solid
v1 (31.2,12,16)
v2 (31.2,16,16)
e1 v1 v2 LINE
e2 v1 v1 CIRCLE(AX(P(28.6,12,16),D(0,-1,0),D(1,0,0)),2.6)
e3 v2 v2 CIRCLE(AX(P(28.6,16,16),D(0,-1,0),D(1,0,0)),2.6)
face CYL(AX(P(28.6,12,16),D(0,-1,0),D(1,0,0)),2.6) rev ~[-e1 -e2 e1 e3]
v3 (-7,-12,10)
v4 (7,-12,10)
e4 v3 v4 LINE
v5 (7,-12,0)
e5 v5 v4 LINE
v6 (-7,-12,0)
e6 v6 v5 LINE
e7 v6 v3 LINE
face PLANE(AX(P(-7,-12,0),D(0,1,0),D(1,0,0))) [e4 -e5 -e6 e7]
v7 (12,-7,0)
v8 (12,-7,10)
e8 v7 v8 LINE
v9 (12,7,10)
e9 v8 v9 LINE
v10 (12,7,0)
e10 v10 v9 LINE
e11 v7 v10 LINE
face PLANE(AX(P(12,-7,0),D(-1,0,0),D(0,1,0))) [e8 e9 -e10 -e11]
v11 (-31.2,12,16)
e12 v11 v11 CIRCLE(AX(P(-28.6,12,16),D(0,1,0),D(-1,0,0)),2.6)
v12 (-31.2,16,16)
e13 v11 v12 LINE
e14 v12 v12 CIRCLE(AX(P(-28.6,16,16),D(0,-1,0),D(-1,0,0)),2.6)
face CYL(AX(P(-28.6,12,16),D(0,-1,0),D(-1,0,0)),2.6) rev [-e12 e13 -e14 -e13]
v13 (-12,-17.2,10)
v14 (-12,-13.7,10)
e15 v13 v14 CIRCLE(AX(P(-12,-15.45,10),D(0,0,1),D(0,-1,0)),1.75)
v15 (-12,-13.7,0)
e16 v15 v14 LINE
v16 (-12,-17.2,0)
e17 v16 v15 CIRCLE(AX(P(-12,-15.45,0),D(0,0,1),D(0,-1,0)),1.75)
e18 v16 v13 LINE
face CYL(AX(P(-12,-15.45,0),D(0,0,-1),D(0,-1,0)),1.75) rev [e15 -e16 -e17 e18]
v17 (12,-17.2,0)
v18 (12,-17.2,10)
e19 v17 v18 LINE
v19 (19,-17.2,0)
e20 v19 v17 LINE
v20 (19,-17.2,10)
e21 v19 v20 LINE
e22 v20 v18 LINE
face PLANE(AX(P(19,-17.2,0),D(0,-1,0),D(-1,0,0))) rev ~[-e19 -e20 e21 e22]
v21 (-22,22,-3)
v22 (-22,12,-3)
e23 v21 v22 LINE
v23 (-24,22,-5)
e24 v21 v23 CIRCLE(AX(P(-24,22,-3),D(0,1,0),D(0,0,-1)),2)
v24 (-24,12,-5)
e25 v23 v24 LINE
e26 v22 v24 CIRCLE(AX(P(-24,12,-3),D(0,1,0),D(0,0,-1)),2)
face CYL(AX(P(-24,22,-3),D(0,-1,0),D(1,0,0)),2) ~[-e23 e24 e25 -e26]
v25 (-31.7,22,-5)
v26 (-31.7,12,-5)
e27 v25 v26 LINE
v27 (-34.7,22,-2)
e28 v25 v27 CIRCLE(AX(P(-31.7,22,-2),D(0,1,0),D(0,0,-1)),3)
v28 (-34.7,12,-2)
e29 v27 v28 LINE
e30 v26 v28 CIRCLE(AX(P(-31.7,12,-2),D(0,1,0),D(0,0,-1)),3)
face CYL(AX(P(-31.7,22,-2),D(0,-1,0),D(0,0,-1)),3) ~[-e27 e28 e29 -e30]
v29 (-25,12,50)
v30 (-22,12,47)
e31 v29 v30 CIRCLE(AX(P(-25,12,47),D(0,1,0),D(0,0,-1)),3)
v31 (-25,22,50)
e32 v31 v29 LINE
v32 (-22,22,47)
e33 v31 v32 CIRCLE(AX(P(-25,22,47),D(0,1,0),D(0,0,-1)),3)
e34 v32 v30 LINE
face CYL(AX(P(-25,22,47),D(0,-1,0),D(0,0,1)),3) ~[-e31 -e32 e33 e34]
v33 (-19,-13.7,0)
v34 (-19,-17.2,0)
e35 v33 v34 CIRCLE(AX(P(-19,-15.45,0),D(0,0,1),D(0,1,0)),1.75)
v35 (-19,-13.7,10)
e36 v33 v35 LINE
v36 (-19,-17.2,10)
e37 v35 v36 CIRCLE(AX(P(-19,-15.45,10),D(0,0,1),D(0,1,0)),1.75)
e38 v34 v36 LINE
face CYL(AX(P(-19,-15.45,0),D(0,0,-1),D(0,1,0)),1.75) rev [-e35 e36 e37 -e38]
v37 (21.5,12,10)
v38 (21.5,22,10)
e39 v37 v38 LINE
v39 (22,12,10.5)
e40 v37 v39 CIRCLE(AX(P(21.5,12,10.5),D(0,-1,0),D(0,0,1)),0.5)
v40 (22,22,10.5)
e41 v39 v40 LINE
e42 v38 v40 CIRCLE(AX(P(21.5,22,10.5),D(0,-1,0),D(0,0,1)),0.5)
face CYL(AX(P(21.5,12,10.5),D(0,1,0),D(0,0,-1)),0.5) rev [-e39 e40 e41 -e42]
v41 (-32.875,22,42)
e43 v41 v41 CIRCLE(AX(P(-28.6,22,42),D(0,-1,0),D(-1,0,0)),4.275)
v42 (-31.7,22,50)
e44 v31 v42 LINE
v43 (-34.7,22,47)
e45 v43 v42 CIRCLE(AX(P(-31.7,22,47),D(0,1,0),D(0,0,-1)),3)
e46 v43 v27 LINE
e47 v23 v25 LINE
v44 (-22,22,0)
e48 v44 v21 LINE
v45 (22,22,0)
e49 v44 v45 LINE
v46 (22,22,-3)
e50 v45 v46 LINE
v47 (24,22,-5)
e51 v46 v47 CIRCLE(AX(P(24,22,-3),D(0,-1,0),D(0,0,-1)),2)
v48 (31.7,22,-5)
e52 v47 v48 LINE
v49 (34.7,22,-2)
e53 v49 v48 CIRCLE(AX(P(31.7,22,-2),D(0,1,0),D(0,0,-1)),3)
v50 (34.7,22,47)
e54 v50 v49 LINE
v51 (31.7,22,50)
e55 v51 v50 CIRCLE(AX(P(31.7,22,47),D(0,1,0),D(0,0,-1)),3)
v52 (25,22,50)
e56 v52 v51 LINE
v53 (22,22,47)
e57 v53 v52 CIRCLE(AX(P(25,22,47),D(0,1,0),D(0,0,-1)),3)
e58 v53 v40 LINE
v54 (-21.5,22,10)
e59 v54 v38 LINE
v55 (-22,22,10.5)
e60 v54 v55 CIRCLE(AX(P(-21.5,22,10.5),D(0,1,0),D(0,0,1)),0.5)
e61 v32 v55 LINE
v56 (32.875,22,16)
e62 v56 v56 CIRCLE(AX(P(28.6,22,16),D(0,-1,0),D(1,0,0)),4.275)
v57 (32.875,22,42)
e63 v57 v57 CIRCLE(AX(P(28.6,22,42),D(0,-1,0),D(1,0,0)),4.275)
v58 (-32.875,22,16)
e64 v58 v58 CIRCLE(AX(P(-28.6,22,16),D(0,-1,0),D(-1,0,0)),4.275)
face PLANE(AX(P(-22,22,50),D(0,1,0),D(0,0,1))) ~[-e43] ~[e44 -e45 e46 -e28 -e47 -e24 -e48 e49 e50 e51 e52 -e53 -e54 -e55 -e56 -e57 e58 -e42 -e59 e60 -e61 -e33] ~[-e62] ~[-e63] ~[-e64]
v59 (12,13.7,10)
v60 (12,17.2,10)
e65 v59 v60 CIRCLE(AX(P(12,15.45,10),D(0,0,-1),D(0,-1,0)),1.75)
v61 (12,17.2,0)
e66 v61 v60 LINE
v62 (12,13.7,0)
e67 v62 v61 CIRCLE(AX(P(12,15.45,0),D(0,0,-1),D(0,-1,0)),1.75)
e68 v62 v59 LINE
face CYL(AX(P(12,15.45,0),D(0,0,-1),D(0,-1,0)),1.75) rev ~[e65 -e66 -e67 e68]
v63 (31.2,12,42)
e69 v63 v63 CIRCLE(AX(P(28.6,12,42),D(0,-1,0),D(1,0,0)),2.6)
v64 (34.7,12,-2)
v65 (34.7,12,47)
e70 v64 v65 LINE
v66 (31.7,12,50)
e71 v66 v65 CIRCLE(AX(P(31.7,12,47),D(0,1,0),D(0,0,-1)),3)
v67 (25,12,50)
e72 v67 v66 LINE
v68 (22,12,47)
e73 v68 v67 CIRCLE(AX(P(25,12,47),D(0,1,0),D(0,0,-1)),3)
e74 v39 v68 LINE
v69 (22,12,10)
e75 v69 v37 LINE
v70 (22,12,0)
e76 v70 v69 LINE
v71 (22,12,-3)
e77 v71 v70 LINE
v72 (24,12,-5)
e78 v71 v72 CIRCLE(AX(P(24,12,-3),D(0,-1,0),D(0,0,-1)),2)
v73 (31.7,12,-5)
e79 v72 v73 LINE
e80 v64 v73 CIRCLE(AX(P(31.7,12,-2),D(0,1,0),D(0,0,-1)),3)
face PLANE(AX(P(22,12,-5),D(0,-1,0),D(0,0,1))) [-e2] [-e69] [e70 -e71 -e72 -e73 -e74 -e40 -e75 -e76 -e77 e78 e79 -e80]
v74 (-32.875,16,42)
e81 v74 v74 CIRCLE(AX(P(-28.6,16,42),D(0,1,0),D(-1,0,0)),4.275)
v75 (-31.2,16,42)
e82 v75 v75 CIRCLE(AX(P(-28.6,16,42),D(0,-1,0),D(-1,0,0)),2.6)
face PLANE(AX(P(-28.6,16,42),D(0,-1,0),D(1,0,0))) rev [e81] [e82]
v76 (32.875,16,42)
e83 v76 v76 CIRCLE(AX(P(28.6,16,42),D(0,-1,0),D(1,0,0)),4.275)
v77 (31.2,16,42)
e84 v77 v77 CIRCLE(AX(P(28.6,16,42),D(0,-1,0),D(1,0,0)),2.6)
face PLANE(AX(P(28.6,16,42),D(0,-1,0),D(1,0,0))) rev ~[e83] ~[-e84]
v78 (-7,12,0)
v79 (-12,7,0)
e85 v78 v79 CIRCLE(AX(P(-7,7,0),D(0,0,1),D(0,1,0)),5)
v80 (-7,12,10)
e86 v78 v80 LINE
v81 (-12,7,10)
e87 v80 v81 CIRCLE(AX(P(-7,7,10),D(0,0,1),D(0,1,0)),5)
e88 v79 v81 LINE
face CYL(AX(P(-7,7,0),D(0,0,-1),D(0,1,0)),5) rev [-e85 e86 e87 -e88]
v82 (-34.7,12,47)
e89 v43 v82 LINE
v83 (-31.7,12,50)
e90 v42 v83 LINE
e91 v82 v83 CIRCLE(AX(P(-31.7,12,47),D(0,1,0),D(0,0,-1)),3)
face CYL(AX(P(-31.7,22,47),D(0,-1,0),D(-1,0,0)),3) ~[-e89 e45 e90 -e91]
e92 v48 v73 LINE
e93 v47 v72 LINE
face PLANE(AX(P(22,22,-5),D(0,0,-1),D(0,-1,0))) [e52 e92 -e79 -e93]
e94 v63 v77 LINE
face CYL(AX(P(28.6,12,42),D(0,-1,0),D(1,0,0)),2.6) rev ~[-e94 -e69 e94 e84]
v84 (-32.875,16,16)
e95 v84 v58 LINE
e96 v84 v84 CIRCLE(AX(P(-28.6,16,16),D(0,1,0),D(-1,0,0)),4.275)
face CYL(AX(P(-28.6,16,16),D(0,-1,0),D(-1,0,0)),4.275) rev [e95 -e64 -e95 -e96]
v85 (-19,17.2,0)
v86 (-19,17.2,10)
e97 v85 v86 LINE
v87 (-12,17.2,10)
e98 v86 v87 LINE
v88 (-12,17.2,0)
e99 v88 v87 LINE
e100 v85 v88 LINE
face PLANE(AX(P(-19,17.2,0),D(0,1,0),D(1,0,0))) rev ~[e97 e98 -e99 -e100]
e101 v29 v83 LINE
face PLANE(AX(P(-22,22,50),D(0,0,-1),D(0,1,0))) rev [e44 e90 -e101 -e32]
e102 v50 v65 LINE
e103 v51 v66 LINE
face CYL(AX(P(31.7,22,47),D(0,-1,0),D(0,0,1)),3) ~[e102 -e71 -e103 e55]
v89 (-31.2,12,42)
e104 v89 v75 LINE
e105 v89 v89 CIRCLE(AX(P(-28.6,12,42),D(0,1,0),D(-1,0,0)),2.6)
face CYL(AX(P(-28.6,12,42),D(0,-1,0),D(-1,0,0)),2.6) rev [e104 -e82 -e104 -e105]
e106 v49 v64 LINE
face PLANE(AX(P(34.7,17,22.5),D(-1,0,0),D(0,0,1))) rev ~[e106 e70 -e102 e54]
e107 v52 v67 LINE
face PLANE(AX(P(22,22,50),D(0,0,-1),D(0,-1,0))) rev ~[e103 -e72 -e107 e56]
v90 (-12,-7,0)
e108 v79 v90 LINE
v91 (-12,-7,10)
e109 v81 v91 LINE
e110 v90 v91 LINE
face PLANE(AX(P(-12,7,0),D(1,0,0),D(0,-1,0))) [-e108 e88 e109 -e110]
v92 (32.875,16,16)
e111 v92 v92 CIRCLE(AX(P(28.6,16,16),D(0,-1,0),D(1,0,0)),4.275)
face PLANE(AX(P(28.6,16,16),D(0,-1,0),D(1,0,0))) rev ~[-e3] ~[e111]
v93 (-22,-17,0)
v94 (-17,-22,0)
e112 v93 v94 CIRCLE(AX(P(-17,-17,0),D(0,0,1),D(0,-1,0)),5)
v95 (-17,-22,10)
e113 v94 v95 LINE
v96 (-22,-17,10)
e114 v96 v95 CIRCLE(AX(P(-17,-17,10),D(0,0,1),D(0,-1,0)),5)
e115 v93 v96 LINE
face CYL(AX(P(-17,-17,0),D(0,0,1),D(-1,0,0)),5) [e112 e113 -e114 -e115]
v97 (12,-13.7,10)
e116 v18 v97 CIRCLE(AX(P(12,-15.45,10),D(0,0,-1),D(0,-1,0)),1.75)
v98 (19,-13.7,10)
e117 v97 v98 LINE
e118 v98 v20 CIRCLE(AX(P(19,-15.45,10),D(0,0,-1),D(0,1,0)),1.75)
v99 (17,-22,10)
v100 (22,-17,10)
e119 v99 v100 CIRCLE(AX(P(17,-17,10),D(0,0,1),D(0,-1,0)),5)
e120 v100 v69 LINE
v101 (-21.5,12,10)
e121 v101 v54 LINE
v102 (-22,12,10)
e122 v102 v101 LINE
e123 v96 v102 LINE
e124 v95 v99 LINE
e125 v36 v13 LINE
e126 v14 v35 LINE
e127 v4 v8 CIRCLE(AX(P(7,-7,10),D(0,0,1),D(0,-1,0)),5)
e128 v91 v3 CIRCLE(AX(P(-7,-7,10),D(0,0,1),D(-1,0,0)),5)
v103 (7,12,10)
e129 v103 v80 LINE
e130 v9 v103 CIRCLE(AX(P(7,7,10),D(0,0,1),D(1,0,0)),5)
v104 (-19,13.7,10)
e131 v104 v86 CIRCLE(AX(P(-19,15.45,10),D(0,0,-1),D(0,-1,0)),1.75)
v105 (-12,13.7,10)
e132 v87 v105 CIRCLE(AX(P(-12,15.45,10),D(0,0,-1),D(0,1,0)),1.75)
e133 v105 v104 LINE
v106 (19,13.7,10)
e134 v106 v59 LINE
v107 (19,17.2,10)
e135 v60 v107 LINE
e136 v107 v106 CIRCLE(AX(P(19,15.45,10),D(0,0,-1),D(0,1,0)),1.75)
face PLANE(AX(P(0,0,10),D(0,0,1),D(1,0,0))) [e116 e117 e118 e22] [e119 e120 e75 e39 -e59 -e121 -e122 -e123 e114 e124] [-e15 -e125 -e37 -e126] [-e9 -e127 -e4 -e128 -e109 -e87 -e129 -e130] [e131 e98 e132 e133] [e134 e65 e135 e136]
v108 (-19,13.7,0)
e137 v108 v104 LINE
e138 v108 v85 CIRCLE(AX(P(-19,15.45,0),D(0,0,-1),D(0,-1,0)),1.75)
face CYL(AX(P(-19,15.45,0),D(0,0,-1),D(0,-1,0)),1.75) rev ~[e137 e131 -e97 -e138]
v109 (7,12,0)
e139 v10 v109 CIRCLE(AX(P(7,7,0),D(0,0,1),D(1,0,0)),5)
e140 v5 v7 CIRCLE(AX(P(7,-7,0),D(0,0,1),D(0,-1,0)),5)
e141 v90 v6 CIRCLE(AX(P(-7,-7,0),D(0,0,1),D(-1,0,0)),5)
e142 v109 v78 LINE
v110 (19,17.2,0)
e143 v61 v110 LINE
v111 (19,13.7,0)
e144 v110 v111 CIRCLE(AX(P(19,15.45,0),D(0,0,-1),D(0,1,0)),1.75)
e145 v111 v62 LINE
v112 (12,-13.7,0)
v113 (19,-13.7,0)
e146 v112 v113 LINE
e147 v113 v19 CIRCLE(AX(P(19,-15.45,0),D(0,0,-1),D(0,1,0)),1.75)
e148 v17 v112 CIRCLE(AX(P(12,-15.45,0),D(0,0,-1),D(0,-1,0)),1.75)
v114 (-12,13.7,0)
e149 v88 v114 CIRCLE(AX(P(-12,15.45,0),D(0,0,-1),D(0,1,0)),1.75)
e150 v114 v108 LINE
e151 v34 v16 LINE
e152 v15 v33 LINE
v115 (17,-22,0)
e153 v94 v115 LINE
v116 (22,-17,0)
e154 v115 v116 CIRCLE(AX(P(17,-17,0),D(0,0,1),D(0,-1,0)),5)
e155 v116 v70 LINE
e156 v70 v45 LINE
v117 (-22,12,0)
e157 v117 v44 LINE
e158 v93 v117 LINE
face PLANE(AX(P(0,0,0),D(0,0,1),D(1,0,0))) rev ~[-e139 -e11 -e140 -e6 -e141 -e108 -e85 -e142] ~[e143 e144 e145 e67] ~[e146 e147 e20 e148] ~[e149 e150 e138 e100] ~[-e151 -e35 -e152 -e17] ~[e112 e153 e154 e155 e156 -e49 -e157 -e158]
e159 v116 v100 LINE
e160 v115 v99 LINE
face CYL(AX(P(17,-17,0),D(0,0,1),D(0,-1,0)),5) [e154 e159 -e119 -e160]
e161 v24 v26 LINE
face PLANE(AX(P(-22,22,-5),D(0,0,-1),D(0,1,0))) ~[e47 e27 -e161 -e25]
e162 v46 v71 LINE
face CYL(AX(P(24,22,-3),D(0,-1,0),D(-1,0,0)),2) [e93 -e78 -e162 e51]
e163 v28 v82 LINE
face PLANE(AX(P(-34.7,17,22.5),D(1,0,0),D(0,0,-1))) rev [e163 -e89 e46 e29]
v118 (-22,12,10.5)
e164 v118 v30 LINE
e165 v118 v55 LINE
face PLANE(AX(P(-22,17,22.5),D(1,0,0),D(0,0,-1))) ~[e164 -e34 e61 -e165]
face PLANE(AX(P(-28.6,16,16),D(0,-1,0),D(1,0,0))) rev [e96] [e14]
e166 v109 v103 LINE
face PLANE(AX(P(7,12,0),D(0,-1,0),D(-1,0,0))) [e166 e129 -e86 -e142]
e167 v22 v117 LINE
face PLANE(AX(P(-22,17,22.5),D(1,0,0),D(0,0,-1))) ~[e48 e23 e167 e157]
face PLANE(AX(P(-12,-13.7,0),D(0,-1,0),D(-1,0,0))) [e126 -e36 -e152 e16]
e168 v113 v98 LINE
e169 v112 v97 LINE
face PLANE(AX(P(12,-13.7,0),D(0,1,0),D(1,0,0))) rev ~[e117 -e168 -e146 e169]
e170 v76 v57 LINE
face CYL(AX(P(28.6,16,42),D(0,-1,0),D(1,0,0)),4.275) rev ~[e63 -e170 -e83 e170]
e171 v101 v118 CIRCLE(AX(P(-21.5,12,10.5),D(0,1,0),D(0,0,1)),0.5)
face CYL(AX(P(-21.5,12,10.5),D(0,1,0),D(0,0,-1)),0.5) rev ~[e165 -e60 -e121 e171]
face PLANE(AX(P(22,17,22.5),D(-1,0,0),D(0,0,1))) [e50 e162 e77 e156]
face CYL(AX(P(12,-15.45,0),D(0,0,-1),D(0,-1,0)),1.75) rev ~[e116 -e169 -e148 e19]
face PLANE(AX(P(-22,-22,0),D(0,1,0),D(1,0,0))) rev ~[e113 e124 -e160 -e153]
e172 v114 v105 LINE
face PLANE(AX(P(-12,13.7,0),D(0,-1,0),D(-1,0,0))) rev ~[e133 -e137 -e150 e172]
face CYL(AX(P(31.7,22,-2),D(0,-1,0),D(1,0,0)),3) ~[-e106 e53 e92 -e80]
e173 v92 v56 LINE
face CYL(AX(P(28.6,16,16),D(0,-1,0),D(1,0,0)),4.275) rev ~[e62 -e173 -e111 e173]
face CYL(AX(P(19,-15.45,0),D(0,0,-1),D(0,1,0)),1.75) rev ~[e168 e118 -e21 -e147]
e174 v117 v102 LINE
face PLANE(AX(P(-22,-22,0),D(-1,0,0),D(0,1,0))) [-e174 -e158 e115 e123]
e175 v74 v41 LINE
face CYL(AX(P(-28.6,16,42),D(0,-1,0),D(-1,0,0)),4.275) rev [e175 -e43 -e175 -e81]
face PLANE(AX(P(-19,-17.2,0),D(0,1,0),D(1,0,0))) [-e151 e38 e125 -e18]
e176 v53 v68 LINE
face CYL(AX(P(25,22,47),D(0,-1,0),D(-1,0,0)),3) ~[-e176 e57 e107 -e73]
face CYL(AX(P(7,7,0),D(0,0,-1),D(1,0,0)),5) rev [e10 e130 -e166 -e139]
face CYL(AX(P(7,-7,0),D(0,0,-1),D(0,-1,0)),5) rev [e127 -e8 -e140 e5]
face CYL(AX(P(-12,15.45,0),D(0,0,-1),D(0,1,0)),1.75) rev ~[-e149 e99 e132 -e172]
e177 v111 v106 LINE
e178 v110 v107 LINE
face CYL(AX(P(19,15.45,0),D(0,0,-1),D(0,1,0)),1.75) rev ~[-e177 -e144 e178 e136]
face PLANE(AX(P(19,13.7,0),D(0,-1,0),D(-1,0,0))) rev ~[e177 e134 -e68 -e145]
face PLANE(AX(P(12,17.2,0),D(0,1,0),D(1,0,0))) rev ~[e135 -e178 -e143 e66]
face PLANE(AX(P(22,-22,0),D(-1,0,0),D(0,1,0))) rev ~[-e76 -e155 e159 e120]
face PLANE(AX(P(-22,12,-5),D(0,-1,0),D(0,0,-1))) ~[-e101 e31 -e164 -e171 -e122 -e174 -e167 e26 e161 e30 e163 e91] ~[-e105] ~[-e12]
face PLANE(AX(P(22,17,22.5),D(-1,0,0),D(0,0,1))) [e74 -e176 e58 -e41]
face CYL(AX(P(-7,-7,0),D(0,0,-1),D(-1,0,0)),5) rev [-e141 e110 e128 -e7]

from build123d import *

# Parameters (mm, degrees)
SKETCH1_W           = 44
SKETCH1_H           = 44
BOSS_EXTRUDE1_DEPTH = 10
BOSS_EXTRUDE2_DEPTH = 12.7
SKETCH3_R           = 2.6
CUT_EXTRUDE1_DEPTH  = 70.714345726
SKETCH4_R           = 4.275
CUT_EXTRUDE2_DEPTH  = 72.750191637
FILLET1_R           = 3
FILLET2_R           = 5
FILLET3_R           = 0.5
FILLET4_R           = 2


with BuildPart() as part:
    # Sketch1 → Boss-Extrude1 (new body)
    with BuildSketch(Plane.XY):
        Rectangle(SKETCH1_W, SKETCH1_H)
        with BuildLine():
            Line((7, 12), (-7, 12))
            ThreePointArc((-7, 12), (-10.535533906, 10.535533906), (-12, 7))
            Line((-12, 7), (-12, -7))
            ThreePointArc((-12, -7), (-10.535533906, -10.535533906), (-7, -12))
            Line((-7, -12), (7, -12))
            ThreePointArc((7, -12), (10.535533906, -10.535533906), (12, -7))
            Line((12, -7), (12, 7))
            ThreePointArc((12, 7), (10.535533906, 10.535533906), (7, 12))
        make_face(mode=Mode.SUBTRACT)
        with BuildLine():
            Line((-19, 17.2), (-12, 17.2))
            ThreePointArc((-12, 17.2), (-10.25, 15.45), (-12, 13.7))
            Line((-12, 13.7), (-19, 13.7))
            ThreePointArc((-19, 13.7), (-20.75, 15.45), (-19, 17.2))
        make_face(mode=Mode.SUBTRACT)
        with BuildLine():
            Line((-19, -17.2), (-12, -17.2))
            ThreePointArc((-12, -17.2), (-10.25, -15.45), (-12, -13.7))
            Line((-12, -13.7), (-19, -13.7))
            ThreePointArc((-19, -13.7), (-20.75, -15.45), (-19, -17.2))
        make_face(mode=Mode.SUBTRACT)
        with BuildLine():
            Line((12, 17.2), (19, 17.2))
            ThreePointArc((19, 17.2), (20.75, 15.45), (19, 13.7))
            Line((19, 13.7), (12, 13.7))
            ThreePointArc((12, 13.7), (10.25, 15.45), (12, 17.2))
        make_face(mode=Mode.SUBTRACT)
        with BuildLine():
            Line((12, -13.7), (19, -13.7))
            ThreePointArc((19, -13.7), (20.75, -15.45), (19, -17.2))
            Line((19, -17.2), (12, -17.2))
            ThreePointArc((12, -17.2), (10.25, -15.45), (12, -13.7))
        make_face(mode=Mode.SUBTRACT)
    extrude(amount=BOSS_EXTRUDE1_DEPTH)

    # Sketch2 → Boss-Extrude2 (add)
    with BuildSketch(Plane(origin=(22, 0, 0), x_dir=(0, 0, -1), z_dir=(1, 0, 0))):
        Polygon((5, 12), (-50, 12), (-50, 16), (-50, 22), (5, 22), align=None)
    boss_extrude2 = extrude(amount=BOSS_EXTRUDE2_DEPTH)

    # Sketch3 → Cut-Extrude1 (cut, through all)
    with BuildSketch(Plane.XZ.offset(-12)):
        with Locations((28.6, 42)):
            Circle(SKETCH3_R)
        with Locations((28.6, 16)):
            Circle(SKETCH3_R)
    cut_extrude1 = extrude(amount=-CUT_EXTRUDE1_DEPTH, mode=Mode.SUBTRACT)

    # Sketch4 → Cut-Extrude2 (cut, through all)
    with BuildSketch(Plane(origin=(0, 16, 0), x_dir=(-1, 0, 0), z_dir=(0, -1, 0))):
        with Locations(Location((-28.6, -16, 0), (0, 0, 180))):
            Circle(SKETCH4_R)
        with Locations(Location((-28.6, -42, 0), (0, 0, 180))):
            Circle(SKETCH4_R)
    cut_extrude2 = extrude(amount=-CUT_EXTRUDE2_DEPTH, mode=Mode.SUBTRACT)

    # Mirror1: Boss-Extrude2, Cut-Extrude1, Cut-Extrude2 across plane
    add(boss_extrude2.mirror(Plane(origin=(0, 0, 0), x_dir=(0, 0, 1), z_dir=(1, 0, 0))))
    add(cut_extrude1.mirror(Plane(origin=(0, 0, 0), x_dir=(0, 0, 1), z_dir=(1, 0, 0))), mode=Mode.SUBTRACT)
    add(cut_extrude2.mirror(Plane(origin=(0, 0, 0), x_dir=(0, 0, 1), z_dir=(1, 0, 0))), mode=Mode.SUBTRACT)

    # Fillet1
    fillet1_edges = [part.edges().sort_by_distance(p)[0] for p in [
        (34.7, 17, -5),
        (34.7, 17, 50),
        (-34.7, 17, -5),
        (-34.7, 17, 50),
        (-22, 17, 50),
        (22, 17, 50),
    ]]
    fillet(fillet1_edges, radius=FILLET1_R)

    # Fillet2
    fillet2_edges = [part.edges().sort_by_distance(p)[0] for p in [
        (22, -22, 5),
        (-22, -22, 5),
    ]]
    fillet(fillet2_edges, radius=FILLET2_R)

    # Fillet3
    fillet3_edges = [part.edges().sort_by_distance(p)[0] for p in [
        (-22, 17, 10),
        (22, 17, 10),
    ]]
    fillet(fillet3_edges, radius=FILLET3_R)

    # Fillet4
    fillet4_edges = [part.edges().sort_by_distance(p)[0] for p in [
        (-22, 17, -5),
        (22, 17, -5),
    ]]
    fillet(fillet4_edges, radius=FILLET4_R)


solid = part.part
